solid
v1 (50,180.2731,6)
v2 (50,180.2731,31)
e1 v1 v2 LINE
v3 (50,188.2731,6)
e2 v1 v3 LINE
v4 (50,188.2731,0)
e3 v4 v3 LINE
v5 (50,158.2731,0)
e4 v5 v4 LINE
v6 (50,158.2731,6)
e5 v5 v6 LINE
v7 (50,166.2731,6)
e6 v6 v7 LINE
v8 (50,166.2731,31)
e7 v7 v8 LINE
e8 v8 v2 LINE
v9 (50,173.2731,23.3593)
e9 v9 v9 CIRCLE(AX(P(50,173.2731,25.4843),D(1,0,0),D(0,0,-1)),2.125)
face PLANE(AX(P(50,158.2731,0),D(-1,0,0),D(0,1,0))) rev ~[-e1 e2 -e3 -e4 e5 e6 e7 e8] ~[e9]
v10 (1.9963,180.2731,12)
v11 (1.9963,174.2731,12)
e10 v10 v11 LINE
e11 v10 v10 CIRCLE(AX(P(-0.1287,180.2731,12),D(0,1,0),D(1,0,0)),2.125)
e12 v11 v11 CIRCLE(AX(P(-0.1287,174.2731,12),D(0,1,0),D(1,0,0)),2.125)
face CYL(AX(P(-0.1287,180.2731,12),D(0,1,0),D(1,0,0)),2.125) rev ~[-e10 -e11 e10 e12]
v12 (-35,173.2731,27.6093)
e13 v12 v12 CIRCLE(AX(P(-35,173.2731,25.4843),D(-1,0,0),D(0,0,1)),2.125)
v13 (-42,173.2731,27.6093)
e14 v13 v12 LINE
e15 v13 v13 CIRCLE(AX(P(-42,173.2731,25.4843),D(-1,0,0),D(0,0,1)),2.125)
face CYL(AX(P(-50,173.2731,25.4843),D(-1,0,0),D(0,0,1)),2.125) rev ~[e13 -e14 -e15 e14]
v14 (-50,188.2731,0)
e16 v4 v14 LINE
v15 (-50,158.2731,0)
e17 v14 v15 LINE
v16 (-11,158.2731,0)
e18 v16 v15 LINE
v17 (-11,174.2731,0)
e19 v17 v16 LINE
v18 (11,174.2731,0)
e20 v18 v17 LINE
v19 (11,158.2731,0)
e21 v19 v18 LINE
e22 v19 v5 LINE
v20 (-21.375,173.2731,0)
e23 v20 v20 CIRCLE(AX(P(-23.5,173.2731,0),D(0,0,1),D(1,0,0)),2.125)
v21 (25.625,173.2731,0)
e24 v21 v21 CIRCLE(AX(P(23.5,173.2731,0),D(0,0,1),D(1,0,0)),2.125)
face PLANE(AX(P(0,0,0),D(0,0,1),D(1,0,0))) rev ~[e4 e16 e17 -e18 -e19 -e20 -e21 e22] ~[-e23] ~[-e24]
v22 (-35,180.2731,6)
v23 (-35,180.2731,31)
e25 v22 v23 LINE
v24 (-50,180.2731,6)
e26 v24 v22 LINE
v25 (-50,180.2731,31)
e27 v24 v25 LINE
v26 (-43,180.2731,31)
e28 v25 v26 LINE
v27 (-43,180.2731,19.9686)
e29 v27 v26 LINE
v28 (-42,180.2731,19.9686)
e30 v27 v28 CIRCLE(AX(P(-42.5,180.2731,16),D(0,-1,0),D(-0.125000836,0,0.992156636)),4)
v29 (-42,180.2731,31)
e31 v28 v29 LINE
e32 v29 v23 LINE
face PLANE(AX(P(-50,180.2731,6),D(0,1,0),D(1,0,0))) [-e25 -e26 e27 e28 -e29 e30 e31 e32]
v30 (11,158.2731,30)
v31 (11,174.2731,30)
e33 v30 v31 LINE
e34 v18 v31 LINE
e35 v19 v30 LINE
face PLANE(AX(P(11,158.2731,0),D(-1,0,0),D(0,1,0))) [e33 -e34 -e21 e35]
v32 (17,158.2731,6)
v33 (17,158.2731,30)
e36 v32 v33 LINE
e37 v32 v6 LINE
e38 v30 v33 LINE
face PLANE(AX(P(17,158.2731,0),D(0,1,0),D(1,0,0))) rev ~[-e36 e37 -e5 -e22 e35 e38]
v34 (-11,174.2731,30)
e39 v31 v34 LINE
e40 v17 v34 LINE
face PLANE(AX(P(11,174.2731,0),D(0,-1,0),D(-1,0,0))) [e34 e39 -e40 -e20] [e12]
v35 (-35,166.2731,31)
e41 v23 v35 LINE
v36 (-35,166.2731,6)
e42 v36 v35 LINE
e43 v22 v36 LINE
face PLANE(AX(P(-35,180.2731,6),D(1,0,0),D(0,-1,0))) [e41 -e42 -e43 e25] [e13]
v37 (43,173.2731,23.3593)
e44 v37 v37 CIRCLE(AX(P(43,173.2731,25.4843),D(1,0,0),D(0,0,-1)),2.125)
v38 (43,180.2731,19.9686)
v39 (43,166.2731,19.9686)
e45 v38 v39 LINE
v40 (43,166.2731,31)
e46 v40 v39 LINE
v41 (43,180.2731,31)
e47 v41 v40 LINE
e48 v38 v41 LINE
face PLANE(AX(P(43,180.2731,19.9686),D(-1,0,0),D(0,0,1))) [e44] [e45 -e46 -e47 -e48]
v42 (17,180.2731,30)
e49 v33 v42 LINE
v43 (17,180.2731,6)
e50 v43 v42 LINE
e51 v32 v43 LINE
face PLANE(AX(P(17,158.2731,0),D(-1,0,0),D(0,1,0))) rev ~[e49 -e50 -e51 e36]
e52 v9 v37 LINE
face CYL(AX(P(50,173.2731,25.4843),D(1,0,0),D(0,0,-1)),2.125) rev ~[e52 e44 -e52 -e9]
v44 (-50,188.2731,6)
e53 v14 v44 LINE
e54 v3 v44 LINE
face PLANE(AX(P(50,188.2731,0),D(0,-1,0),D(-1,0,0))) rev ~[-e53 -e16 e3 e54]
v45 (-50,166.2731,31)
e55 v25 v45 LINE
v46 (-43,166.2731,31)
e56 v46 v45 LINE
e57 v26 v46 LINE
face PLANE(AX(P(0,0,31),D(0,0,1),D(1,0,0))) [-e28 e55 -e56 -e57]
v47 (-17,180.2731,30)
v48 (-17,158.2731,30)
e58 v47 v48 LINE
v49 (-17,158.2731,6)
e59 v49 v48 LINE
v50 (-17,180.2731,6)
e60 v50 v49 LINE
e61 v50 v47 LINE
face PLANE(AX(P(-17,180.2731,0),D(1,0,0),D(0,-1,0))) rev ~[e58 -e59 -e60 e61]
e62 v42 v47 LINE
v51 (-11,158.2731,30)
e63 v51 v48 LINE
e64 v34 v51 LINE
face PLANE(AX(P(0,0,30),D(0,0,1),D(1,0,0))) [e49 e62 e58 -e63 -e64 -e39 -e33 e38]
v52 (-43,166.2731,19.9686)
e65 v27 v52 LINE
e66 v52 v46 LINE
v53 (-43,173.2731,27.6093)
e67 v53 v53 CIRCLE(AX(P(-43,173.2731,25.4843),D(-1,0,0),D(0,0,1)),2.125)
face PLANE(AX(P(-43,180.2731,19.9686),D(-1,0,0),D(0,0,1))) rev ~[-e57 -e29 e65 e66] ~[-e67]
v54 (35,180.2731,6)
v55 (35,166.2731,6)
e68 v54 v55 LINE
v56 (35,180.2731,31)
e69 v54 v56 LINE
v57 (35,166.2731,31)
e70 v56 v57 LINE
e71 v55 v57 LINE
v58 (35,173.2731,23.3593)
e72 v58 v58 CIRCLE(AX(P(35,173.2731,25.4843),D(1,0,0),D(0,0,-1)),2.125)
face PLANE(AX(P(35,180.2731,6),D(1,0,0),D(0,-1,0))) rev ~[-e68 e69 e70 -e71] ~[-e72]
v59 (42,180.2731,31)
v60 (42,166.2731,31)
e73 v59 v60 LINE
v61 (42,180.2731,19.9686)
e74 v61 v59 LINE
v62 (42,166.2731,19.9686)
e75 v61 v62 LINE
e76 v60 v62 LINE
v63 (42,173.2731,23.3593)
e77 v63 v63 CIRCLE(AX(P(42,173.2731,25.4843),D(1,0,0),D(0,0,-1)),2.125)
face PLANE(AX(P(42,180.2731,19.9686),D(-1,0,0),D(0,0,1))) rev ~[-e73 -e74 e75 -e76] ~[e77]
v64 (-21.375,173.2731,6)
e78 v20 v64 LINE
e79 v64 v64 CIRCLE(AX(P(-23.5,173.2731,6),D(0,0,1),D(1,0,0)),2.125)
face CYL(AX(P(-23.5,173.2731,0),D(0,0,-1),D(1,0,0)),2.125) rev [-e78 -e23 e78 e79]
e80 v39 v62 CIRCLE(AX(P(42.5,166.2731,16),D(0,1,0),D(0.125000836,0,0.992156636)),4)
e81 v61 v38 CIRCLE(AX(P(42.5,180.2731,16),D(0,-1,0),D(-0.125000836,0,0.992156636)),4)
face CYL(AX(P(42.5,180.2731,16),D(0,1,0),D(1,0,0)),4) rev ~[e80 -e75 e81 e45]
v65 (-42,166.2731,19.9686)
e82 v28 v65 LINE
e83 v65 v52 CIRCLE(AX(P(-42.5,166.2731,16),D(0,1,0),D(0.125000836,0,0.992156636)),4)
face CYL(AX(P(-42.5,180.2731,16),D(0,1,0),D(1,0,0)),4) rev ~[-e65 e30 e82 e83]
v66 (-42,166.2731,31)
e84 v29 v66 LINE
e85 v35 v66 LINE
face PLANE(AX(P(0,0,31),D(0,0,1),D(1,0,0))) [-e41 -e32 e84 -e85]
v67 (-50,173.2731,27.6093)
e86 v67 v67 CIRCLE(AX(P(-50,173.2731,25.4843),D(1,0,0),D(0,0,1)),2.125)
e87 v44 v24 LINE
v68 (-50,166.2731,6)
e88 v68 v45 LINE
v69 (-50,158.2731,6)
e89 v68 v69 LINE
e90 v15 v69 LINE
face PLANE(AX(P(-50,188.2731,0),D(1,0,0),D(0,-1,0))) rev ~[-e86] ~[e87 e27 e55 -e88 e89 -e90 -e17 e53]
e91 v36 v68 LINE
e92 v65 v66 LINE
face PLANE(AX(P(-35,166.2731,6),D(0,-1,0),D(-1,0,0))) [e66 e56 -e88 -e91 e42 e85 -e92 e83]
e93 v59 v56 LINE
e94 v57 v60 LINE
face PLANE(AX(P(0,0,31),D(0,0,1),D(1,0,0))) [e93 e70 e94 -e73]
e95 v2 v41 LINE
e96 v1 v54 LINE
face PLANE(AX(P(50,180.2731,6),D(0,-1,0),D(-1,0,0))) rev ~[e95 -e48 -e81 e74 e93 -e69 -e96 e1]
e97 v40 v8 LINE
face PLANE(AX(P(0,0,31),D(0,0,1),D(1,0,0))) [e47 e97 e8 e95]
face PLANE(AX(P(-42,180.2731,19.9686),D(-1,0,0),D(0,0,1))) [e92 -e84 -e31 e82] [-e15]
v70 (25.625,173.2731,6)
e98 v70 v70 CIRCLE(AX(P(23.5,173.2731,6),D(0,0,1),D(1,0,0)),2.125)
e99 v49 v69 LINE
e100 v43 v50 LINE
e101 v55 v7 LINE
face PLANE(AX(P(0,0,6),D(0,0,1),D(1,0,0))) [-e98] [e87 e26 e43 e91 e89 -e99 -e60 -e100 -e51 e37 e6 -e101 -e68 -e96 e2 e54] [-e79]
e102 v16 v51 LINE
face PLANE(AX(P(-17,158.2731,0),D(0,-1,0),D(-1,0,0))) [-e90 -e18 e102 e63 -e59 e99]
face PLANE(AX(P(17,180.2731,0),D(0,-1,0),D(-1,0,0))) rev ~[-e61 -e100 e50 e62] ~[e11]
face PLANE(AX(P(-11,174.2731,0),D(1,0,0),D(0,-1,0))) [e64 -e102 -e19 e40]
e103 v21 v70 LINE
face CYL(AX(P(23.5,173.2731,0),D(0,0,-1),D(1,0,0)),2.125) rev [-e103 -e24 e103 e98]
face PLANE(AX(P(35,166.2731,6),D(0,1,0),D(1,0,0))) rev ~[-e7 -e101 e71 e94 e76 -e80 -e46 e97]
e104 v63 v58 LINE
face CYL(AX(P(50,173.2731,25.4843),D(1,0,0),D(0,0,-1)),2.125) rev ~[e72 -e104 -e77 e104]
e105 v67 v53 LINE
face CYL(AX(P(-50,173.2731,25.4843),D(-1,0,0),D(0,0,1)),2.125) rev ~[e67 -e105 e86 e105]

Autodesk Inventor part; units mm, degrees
ref_plane "YZ Plane" through (0, 0, 0) normal (1, 0, 0) x (0, 1, 0)
ref_plane "XZ Plane" through (0, 0, 0) normal (0, 1, 0) x (-1, 0, 0)
ref_plane "XY Plane" through (0, 0, 0) normal (0, 0, 1) x (1, 0, 0)
sketch "Sketch1" plane through (0, 0, 0) normal (0, 0, 1) x (1, 0, 0)
  line L0 (50, 188.2731) -> (-50, 188.2731)
  line L1 (-50, 188.2731) -> (-50, 158.2731)
  line L2 (50, 158.2731) -> (50, 188.2731)
  line L3 (11, 158.2731) -> (11, 174.2731)
  line L4 (11, 174.2731) -> (-11, 174.2731)
  line L5 (-11, 174.2731) -> (-11, 158.2731)
  line L6 (17, 158.2731) -> (17, 180.2731)
  line L7 (17, 180.2731) -> (-17, 180.2731)
  line L8 (-17, 180.2731) -> (-17, 158.2731)
  line L9 (17, 158.2731) -> (50, 158.2731)
  line L10 (11, 158.2731) -> (17, 158.2731)
  line L11 (-11, 158.2731) -> (-17, 158.2731)
  line L12 (-17, 158.2731) -> (-50, 158.2731)
  circle A0 centre (23.5, 173.2731) radius 2.125
  circle A1 centre (-23.5, 173.2731) radius 2.125
  line L13 (0, 0) -> (0, 215.8038) construction
  line L14 (0, 158.2731) -> (11, 158.2731) construction
  line L15 (0, 158.2731) -> (-11, 158.2731) construction
  line L16 (-23.5, 173.2731) -> (23.5, 173.2731) construction
  line L17 (-23.5, 173.2731) -> (-23.5, 188.2731) construction
  line L18 (-23.5, 173.2731) -> (-23.5, 158.2731) construction
  dimension "d1" = 30
  dimension "d2" = 100
  dimension "d3" = 22
  dimension "d4" = 6
  dimension "d5" = 16
  dimension "d6" = 6
  dimension "d11" = 4.25
  dimension "d13" = 4.25
  dimension "d18" = 47
extrude "Extrusion1" add sketch "Sketch1" along normal blind 6 contours L2 L9 L6 L7 L8 L12 L1 L0
extrude "Extrusion2" add sketch "Sketch1" along normal blind 30 contours L10 L3 L4 L5 L11 L8 L7 L6
sketch "Sketch2" plane through (-17, 180.2731, 6) normal (0, 1, 0) x (1, 0, 0)
  circle A0 centre (16.8713, -6) radius 2.125
  line L0 (16.8713, -6) -> (33.9314, -6) construction
  line L1 (16.8713, -6) -> (-0.1889, -6) construction
  line L2 (67, 6) -> (-33, 6) projected
  point P0 (17, 6)
  dimension "d14" = 4.25
  dimension "d15" = 12
extrude "Extrusion3" cut sketch "Sketch2" against normal up to next
sketch "Sketch3" plane through (0, 0, 6) normal (0, 0, 1) x (1, 0, 0)
  line L0 (50, 158.2731) -> (50, 188.2731) projected
  line L1 (50, 180.2731) -> (35, 180.2731)
  line L2 (35, 180.2731) -> (35, 166.2731)
  line L3 (35, 166.2731) -> (50, 166.2731)
  line L4 (43.2299, 188.2731) -> (43.2299, 180.2731) construction
  line L5 (43.4666, 166.2731) -> (43.4666, 158.2731) construction
  line L6 (50, 188.2731) -> (-50, 188.2731) projected
  line L7 (17, 158.2731) -> (50, 158.2731) projected
  line L8 (-50, 188.2731) -> (-50, 158.2731) projected
  line L9 (-50, 180.2731) -> (-35, 180.2731)
  line L10 (-35, 180.2731) -> (-35, 166.2731)
  line L11 (-35, 166.2731) -> (-50, 166.2731)
  line L12 (-50, 166.2731) -> (-50, 180.2731)
  point P0 (0, 0)
  dimension "d19" = 15
  dimension "d20" = 14
extrude "Extrusion4" add sketch "Sketch3" along normal blind 25
sketch "Sketch4" plane through (35, 180.2731, 6) normal (0, 1, 0) x (1, 0, 0)
  circle A0 centre (7.5, -10) radius 4
  line L0 (7.5, -10) -> (15, -10) construction
  line L1 (15, 0) -> (15, -25) projected
  line L2 (7.5, -10) -> (0, -10) construction
  line L3 (0, 0) -> (0, -25) projected
  line L4 (15, 6) -> (-85, 6) projected
  line L5 (8, -13.9686) -> (8, -25)
  line L6 (7, -13.9686) -> (7, -25)
  line L7 (8, -37.8452) -> (15, -37.8452) construction
  line L8 (7, -37.8452) -> (0, -37.8452) construction
  circle A1 centre (-77.5, -10) radius 4
  line L9 (-85, -25) -> (-70, -25) projected
  line L10 (-78, -13.9686) -> (-78, -25)
  line L11 (-77, -37.6694) -> (-70, -37.6694) construction
  line L12 (-78, -37.628) -> (-85, -37.628) construction
  line L13 (-85, 0) -> (-85, -25) projected
  line L14 (-70, 0) -> (-70, -25) projected
  line L15 (-77, -13.9686) -> (-77, -25)
  line L16 (-77.5, -10) -> (-70, -10) construction
  line L17 (-77.5, -10) -> (-85, -10) construction
  line L18 (-77, -25) -> (-78, -25)
  line L19 (8, -25) -> (7, -25)
  line L20 (0, -25) -> (15, -25) projected
  point P0 (-35, 6)
  dimension "d23" = 8
  dimension "d24" = 16
  dimension "d25" = 1
  dimension "d26" = 8
  dimension "d27" = 1
extrude "Extrusion5" cut sketch "Sketch4" against normal up to next
sketch "Sketch5" plane through (-50, 158.2731, 0) normal (-1, 0, 0) x (0, 0, 1)
  circle A0 centre (25.4843, 15) radius 2.125
  line L0 (0, 30) -> (0, 0) projected
  line L1 (25.4843, 15) -> (25.4843, 22)
  line L2 (6, 22) -> (31, 22) projected
  line L3 (25.4843, 15) -> (25.4843, 8)
  line L4 (6, 8) -> (31, 8) projected
  line L5 (25.4843, 15) -> (19.9686, 15)
  line L6 (25.4843, 15) -> (31, 15)
  line L7 (31, 22) -> (31, 8) projected
  line L8 (19.9686, 22) -> (19.9686, 8) projected
  point P0 (0, -158.2731)
  dimension "d30" = 4.25
extrude "Extrusion6" cut sketch "Sketch5" against normal up to surface (15 mm away) contours L6 L1 A0 | A0 L3 L6 | L1 L5 A0 | A0 L5 L3
sketch "Sketch6" plane through (50, 158.2731, 0) normal (1, 0, 0) x (0, 0, -1)
  circle A0 centre (-25.4843, 15) radius 2.125 projected
  point P0 (0, -158.2731)
extrude "Extrusion7" cut sketch "Sketch6" against normal up to surface (15 mm away)
properties part number "YPulleySupportBase"
